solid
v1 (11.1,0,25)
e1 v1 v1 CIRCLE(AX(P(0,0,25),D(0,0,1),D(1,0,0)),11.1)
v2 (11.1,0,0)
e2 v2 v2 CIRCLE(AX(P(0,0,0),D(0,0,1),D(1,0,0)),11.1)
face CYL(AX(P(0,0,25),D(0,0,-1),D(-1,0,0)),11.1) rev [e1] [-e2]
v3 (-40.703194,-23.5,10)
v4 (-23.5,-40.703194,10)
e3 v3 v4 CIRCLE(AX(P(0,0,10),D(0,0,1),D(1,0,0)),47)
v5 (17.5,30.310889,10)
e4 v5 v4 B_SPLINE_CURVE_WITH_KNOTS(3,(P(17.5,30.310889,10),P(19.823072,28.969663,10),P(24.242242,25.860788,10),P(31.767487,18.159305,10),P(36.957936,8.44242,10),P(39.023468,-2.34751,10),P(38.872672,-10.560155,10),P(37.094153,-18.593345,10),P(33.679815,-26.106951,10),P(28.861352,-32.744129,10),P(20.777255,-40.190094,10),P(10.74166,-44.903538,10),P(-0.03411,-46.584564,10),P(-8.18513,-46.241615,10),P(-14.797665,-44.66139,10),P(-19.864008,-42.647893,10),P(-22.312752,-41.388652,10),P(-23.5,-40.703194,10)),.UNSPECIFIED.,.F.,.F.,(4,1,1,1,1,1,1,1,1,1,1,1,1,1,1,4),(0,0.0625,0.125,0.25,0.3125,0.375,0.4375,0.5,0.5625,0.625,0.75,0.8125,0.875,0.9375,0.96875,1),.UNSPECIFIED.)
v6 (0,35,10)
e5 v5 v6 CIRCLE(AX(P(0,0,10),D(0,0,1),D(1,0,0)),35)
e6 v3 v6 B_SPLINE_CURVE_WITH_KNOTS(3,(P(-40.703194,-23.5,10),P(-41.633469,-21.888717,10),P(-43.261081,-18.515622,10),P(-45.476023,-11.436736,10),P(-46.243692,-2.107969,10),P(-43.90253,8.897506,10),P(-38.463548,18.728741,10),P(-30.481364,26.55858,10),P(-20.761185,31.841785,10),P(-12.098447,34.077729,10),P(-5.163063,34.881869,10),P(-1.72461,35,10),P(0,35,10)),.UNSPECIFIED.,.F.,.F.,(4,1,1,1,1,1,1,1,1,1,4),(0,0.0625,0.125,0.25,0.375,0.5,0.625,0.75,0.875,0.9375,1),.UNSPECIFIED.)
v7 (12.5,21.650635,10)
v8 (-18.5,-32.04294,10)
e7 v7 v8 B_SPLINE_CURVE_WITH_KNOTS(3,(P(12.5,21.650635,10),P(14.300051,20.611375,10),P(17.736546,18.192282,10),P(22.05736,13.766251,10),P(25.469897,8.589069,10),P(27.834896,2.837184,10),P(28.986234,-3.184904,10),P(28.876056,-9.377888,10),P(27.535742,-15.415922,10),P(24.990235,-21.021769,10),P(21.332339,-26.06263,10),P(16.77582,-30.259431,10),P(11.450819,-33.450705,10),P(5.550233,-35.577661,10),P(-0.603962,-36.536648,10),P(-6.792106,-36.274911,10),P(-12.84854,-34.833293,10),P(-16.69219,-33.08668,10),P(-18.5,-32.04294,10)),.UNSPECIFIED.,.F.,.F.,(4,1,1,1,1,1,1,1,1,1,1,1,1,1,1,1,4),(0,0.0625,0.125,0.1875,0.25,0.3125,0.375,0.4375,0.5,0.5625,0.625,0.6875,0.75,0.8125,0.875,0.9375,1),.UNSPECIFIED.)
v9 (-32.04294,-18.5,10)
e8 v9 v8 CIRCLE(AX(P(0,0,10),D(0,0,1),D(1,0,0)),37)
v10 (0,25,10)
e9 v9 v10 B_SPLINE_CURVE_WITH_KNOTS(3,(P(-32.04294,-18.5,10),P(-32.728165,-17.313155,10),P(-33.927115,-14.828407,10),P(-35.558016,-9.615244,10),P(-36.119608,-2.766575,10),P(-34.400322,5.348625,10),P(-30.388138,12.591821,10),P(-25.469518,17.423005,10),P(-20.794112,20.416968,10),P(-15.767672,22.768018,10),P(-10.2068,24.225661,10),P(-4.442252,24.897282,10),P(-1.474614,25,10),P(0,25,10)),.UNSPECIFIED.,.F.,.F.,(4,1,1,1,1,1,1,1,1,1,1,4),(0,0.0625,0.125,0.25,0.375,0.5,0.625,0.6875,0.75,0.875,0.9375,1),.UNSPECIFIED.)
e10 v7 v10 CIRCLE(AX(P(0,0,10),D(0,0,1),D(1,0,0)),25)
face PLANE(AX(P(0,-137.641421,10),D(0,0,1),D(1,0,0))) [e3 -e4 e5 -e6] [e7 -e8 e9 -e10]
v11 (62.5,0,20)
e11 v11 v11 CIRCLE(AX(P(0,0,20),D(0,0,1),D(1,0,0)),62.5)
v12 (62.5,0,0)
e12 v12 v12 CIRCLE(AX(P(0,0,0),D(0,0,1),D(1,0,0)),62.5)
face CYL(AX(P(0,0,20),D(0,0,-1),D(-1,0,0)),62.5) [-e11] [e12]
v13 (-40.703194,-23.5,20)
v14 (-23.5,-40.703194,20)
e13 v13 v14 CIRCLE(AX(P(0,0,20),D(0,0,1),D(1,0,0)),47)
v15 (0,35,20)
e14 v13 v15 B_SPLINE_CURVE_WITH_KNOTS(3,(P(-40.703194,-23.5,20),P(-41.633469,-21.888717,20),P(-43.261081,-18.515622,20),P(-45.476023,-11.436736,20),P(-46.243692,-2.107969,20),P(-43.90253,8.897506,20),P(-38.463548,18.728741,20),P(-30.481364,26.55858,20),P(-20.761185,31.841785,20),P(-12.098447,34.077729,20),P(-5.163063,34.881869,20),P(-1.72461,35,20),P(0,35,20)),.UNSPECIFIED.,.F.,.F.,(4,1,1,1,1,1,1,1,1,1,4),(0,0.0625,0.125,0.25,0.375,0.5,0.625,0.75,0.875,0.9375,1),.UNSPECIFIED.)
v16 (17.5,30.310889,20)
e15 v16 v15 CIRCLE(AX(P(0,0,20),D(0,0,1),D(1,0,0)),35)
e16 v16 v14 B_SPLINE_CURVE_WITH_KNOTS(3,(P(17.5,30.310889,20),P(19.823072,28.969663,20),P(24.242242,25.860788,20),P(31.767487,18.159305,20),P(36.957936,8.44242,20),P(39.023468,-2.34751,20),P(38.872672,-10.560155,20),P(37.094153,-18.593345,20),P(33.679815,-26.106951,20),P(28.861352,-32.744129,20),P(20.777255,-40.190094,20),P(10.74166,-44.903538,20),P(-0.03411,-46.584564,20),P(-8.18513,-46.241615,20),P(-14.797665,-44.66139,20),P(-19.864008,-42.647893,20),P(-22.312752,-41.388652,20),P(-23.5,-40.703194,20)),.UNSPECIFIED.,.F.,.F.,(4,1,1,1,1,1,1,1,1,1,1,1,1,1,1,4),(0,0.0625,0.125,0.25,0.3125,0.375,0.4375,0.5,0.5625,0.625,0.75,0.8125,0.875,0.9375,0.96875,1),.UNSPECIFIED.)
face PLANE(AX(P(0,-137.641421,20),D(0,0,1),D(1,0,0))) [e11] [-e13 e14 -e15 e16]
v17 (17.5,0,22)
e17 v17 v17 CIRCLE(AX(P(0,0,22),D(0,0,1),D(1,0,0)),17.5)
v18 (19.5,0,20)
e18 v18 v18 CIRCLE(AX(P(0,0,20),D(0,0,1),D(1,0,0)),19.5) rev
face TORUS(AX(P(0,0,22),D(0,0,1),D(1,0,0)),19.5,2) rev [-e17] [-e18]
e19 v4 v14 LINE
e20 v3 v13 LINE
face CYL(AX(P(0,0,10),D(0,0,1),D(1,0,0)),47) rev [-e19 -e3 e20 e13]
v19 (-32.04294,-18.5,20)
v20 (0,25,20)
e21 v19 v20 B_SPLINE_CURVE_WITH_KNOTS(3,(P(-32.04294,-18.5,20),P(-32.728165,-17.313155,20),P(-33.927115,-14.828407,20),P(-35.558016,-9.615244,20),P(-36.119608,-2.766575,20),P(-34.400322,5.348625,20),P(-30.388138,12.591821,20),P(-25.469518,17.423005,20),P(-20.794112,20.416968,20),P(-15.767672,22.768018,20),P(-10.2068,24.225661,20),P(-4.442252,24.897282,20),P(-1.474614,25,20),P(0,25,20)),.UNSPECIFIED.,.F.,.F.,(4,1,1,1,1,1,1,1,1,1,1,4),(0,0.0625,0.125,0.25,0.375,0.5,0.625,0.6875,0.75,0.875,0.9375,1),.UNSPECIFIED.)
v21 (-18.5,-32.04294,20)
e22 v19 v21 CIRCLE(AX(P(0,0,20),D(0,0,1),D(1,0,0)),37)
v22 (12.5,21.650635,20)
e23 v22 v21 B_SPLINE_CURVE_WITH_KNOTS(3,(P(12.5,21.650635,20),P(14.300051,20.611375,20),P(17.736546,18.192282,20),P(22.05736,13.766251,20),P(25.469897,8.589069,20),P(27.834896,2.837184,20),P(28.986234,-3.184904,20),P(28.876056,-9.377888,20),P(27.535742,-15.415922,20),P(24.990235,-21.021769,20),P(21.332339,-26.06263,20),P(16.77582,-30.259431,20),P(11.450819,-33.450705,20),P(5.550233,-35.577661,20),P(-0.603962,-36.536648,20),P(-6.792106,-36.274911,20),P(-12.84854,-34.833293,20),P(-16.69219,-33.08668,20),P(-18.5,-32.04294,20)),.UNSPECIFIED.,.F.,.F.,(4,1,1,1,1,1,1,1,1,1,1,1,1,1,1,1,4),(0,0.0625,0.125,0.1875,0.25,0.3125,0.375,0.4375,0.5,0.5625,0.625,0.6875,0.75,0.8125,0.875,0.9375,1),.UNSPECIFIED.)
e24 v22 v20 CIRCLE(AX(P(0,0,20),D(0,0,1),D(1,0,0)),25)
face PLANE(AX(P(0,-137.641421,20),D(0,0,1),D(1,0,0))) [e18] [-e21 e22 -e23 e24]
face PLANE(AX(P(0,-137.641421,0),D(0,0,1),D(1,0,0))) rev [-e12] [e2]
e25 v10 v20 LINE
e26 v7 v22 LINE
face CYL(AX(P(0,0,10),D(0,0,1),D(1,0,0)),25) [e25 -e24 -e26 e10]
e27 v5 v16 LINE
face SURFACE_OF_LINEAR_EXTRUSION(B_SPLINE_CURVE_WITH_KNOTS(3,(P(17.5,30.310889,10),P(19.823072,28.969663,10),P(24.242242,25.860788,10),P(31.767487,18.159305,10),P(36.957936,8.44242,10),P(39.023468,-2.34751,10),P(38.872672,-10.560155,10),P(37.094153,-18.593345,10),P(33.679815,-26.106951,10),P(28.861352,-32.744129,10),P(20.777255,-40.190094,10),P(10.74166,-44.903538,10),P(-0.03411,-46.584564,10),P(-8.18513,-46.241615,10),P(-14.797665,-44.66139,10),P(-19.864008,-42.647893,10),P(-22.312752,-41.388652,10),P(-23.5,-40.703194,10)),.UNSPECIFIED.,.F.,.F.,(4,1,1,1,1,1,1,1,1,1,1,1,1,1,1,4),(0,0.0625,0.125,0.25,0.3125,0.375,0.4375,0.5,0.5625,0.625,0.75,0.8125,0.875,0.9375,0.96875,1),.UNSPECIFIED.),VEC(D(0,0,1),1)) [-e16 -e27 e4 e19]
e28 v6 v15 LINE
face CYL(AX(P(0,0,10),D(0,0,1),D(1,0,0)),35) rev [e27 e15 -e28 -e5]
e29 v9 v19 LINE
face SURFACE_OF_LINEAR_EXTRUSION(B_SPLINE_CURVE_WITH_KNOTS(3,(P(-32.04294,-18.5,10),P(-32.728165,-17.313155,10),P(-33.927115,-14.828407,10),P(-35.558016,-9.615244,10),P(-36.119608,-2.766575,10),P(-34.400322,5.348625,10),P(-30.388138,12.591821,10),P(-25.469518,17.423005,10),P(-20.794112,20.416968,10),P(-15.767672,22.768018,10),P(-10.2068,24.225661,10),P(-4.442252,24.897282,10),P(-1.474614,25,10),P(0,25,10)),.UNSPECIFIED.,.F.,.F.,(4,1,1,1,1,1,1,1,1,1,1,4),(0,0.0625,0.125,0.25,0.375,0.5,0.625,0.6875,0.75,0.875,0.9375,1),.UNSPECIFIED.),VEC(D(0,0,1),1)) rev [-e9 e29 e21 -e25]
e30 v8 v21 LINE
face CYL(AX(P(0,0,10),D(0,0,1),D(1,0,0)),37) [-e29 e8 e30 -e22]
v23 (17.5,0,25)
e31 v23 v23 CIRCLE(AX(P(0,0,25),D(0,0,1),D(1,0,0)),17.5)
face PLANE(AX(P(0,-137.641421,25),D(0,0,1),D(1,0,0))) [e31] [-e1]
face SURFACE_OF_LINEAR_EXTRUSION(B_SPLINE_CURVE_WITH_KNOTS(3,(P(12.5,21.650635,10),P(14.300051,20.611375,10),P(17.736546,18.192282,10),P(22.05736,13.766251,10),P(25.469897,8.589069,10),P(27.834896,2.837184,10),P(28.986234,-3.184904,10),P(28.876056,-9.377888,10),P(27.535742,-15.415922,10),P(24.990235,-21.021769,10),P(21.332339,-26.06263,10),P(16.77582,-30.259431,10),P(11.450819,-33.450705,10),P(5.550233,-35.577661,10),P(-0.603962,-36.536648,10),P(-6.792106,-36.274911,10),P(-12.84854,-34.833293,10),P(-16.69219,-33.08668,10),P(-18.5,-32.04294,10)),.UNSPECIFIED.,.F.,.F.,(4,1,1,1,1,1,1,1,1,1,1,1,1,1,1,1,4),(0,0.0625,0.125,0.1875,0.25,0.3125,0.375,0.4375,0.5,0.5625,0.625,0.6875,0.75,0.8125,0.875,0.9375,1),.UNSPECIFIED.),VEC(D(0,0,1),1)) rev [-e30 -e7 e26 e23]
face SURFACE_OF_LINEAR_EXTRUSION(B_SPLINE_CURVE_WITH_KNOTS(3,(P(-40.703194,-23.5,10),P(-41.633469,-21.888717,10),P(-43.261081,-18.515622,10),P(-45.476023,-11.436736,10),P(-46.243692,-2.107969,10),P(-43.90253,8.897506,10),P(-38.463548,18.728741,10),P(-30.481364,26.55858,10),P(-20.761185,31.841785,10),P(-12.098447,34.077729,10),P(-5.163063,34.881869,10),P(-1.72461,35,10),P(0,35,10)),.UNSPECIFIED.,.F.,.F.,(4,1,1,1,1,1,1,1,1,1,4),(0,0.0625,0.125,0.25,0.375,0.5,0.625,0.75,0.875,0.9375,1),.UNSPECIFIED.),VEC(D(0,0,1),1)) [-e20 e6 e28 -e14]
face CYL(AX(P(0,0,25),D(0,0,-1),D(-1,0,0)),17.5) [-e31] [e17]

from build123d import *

# Parameters (mm, degrees)
SKETCH_1_R          = 62.5
SKETCH_1_R_2        = 17.5
EXTRUDE_1_DEPTH     = 20
SKETCH_1_3_R        = 17.5
SKETCH_1_3_R_2      = 11.1
EXTRUDE_2_DEPTH     = 25
FILLET_1_R          = 2
CUT_EXTRUDE_3_DEPTH = 10


with BuildPart() as part:
    # 草圖1 → 伸長1 (new body)
    with BuildSketch(Plane.XY):
        Circle(SKETCH_1_R)
        Circle(SKETCH_1_R_2, mode=Mode.SUBTRACT)
    extrude(amount=EXTRUDE_1_DEPTH)

    # 草圖1<3> → 伸長2 (add)
    with BuildSketch(Plane.XY):
        Circle(SKETCH_1_3_R)
        Circle(SKETCH_1_3_R_2, mode=Mode.SUBTRACT)
    extrude(amount=EXTRUDE_2_DEPTH)

    # 圓角1
    fillet_1_edges = [part.edges().sort_by_distance(p)[0] for p in [
        (-17.5, 0, 20),
    ]]
    fillet(fillet_1_edges, radius=FILLET_1_R)

    # 草圖2 → 伸長3 (cut)
    # profile 1 of 2: a face of its own
    with BuildSketch(Plane.XY.offset(20)):
        with BuildLine():
            add(Edge.make_bspline(
                [(-40.703193978, -23.5), (-41.633468538, -21.888717197), (-43.261081238, -18.515622169), (-45.47602304, -11.436735837), (-46.243691745, -2.107968515), (-43.902529687, 8.897505781), (-38.463548338, 18.728740964), (-30.481363737, 26.558580127), (-20.761184619, 31.841785399), (-12.098446566, 34.077729261), (-5.163063209, 34.881869437), (-1.724610104, 35), (0, 35)],
                knots=[0, 0, 0, 0, 0.0625, 0.125, 0.25, 0.375, 0.5, 0.625, 0.75, 0.875, 0.9375, 1, 1, 1, 1], degree=3))
            ThreePointArc((0, 35), (9.058666579, 33.80740392), (17.5, 30.310889132))
            add(Edge.make_bspline(
                [(17.5, 30.310889132), (19.823071752, 28.969663031), (24.242241599, 25.860788384), (31.767486538, 18.159304931), (36.957936485, 8.442419858), (39.023468486, -2.347510431), (38.872672018, -10.560155104), (37.094152942, -18.593345142), (33.679815381, -26.106950798), (28.861351557, -32.744129421), (20.777254706, -40.190094393), (10.741659927, -44.903538266), (-0.034110412, -46.584563974), (-8.185130119, -46.241615161), (-14.797664919, -44.661390317), (-19.864008497, -42.647893398), (-22.312751805, -41.388652043), (-23.5, -40.703193978)],
                knots=[0, 0, 0, 0, 0.0625, 0.125, 0.25, 0.3125, 0.375, 0.4375, 0.5, 0.5625, 0.625, 0.75, 0.8125, 0.875, 0.9375, 0.96875, 1, 1, 1, 1], degree=3))
            ThreePointArc((-23.5, -40.703193978), (-33.234018716, -33.234018716), (-40.703193978, -23.5))
        make_face()
        with BuildLine():
            ThreePointArc((-36.373066959, -21), (-29.69848481, -29.69848481), (-21, -36.373066959))
            add(Edge.make_bspline(
                [(15, 25.980762114), (19.626342308, 23.309742136), (27.962941081, 15.94725242), (35.002577573, -0.237057072), (33.123865827, -19.358084353), (20.586920622, -35.934246999), (-0.118084402, -43.440012631), (-14.591726515, -40.07288538), (-21, -36.373066959)],
                knots=[0, 0, 0, 0, 0.139447987, 0.287926298, 0.449747773, 0.62466703, 0.809633221, 1, 1, 1, 1], degree=3))
            ThreePointArc((15, 25.980762114), (7.764571353, 28.977774789), (0, 30))
            add(Edge.make_bspline(
                [(-36.373066959, -21), (-38.826726203, -16.750137525), (-41.728361124, -7.389186422), (-39.760869449, 6.972263731), (-32.441668175, 18.614971808), (-22.070852951, 26.028055814), (-10.910814995, 29.43602294), (-3.551275269, 30), (0, 30)],
                knots=[0, 0, 0, 0, 0.188917464, 0.373337047, 0.548988681, 0.712236233, 0.861396552, 1, 1, 1, 1], degree=3))
        make_face(mode=Mode.SUBTRACT)
    # profile 2 of 2: a face of its own
    with BuildSketch(Plane.XY.offset(20)):
        with BuildLine():
            add(Edge.make_bspline(
                [(-36.373066959, -21), (-38.826726203, -16.750137525), (-41.728361124, -7.389186422), (-39.760869449, 6.972263731), (-32.441668175, 18.614971808), (-22.070852951, 26.028055814), (-10.910814995, 29.43602294), (-3.551275269, 30), (0, 30)],
                knots=[0, 0, 0, 0, 0.188917464, 0.373337047, 0.548988681, 0.712236233, 0.861396552, 1, 1, 1, 1], degree=3))
            ThreePointArc((0, 30), (7.764571353, 28.977774789), (15, 25.980762114))
            add(Edge.make_bspline(
                [(15, 25.980762114), (19.626342308, 23.309742136), (27.962941081, 15.94725242), (35.002577573, -0.237057072), (33.123865827, -19.358084353), (20.586920622, -35.934246999), (-0.118084402, -43.440012631), (-14.591726515, -40.07288538), (-21, -36.373066959)],
                knots=[0, 0, 0, 0, 0.139447987, 0.287926298, 0.449747773, 0.62466703, 0.809633221, 1, 1, 1, 1], degree=3))
            ThreePointArc((-21, -36.373066959), (-29.69848481, -29.69848481), (-36.373066959, -21))
        make_face()
        with BuildLine():
            ThreePointArc((-32.04293994, -18.5), (-26.162950904, -26.162950904), (-18.5, -32.04293994))
            add(Edge.make_bspline(
                [(12.5, 21.650635095), (14.30005051, 20.611375448), (17.736546036, 18.19228211), (22.05735975, 13.766251439), (25.469897133, 8.589069076), (27.834895803, 2.837183943), (28.986233619, -3.184904344), (28.876055873, -9.377887783), (27.535742309, -15.415921648), (24.990235447, -21.021768672), (21.332338771, -26.062630488), (16.775819727, -30.259430929), (11.450819301, -33.450705308), (5.550233068, -35.577660612), (-0.603962424, -36.53664799), (-6.792105874, -36.274910535), (-12.848540176, -34.833293242), (-16.692189533, -33.0866798), (-18.5, -32.04293994)],
                knots=[0, 0, 0, 0, 0.0625, 0.125, 0.1875, 0.25, 0.3125, 0.375, 0.4375, 0.5, 0.5625, 0.625, 0.6875, 0.75, 0.8125, 0.875, 0.9375, 1, 1, 1, 1], degree=3))
            ThreePointArc((12.5, 21.650635095), (6.470476128, 24.148145657), (0, 25))
            add(Edge.make_bspline(
                [(-32.04293994, -18.5), (-32.728164967, -17.313155438), (-33.927114764, -14.828407043), (-35.558015667, -9.615244062), (-36.119608205, -2.766575398), (-34.400322061, 5.348624633), (-30.388137801, 12.591820816), (-25.469517856, 17.423005266), (-20.794111606, 20.416968225), (-15.767671789, 22.768018014), (-10.206799727, 24.225660689), (-4.442252157, 24.897281873), (-1.474613785, 25), (0, 25)],
                knots=[0, 0, 0, 0, 0.0625, 0.125, 0.25, 0.375, 0.5, 0.625, 0.6875, 0.75, 0.875, 0.9375, 1, 1, 1, 1], degree=3))
        make_face(mode=Mode.SUBTRACT)
    extrude(amount=-CUT_EXTRUDE_3_DEPTH, mode=Mode.SUBTRACT)


solid = part.part
